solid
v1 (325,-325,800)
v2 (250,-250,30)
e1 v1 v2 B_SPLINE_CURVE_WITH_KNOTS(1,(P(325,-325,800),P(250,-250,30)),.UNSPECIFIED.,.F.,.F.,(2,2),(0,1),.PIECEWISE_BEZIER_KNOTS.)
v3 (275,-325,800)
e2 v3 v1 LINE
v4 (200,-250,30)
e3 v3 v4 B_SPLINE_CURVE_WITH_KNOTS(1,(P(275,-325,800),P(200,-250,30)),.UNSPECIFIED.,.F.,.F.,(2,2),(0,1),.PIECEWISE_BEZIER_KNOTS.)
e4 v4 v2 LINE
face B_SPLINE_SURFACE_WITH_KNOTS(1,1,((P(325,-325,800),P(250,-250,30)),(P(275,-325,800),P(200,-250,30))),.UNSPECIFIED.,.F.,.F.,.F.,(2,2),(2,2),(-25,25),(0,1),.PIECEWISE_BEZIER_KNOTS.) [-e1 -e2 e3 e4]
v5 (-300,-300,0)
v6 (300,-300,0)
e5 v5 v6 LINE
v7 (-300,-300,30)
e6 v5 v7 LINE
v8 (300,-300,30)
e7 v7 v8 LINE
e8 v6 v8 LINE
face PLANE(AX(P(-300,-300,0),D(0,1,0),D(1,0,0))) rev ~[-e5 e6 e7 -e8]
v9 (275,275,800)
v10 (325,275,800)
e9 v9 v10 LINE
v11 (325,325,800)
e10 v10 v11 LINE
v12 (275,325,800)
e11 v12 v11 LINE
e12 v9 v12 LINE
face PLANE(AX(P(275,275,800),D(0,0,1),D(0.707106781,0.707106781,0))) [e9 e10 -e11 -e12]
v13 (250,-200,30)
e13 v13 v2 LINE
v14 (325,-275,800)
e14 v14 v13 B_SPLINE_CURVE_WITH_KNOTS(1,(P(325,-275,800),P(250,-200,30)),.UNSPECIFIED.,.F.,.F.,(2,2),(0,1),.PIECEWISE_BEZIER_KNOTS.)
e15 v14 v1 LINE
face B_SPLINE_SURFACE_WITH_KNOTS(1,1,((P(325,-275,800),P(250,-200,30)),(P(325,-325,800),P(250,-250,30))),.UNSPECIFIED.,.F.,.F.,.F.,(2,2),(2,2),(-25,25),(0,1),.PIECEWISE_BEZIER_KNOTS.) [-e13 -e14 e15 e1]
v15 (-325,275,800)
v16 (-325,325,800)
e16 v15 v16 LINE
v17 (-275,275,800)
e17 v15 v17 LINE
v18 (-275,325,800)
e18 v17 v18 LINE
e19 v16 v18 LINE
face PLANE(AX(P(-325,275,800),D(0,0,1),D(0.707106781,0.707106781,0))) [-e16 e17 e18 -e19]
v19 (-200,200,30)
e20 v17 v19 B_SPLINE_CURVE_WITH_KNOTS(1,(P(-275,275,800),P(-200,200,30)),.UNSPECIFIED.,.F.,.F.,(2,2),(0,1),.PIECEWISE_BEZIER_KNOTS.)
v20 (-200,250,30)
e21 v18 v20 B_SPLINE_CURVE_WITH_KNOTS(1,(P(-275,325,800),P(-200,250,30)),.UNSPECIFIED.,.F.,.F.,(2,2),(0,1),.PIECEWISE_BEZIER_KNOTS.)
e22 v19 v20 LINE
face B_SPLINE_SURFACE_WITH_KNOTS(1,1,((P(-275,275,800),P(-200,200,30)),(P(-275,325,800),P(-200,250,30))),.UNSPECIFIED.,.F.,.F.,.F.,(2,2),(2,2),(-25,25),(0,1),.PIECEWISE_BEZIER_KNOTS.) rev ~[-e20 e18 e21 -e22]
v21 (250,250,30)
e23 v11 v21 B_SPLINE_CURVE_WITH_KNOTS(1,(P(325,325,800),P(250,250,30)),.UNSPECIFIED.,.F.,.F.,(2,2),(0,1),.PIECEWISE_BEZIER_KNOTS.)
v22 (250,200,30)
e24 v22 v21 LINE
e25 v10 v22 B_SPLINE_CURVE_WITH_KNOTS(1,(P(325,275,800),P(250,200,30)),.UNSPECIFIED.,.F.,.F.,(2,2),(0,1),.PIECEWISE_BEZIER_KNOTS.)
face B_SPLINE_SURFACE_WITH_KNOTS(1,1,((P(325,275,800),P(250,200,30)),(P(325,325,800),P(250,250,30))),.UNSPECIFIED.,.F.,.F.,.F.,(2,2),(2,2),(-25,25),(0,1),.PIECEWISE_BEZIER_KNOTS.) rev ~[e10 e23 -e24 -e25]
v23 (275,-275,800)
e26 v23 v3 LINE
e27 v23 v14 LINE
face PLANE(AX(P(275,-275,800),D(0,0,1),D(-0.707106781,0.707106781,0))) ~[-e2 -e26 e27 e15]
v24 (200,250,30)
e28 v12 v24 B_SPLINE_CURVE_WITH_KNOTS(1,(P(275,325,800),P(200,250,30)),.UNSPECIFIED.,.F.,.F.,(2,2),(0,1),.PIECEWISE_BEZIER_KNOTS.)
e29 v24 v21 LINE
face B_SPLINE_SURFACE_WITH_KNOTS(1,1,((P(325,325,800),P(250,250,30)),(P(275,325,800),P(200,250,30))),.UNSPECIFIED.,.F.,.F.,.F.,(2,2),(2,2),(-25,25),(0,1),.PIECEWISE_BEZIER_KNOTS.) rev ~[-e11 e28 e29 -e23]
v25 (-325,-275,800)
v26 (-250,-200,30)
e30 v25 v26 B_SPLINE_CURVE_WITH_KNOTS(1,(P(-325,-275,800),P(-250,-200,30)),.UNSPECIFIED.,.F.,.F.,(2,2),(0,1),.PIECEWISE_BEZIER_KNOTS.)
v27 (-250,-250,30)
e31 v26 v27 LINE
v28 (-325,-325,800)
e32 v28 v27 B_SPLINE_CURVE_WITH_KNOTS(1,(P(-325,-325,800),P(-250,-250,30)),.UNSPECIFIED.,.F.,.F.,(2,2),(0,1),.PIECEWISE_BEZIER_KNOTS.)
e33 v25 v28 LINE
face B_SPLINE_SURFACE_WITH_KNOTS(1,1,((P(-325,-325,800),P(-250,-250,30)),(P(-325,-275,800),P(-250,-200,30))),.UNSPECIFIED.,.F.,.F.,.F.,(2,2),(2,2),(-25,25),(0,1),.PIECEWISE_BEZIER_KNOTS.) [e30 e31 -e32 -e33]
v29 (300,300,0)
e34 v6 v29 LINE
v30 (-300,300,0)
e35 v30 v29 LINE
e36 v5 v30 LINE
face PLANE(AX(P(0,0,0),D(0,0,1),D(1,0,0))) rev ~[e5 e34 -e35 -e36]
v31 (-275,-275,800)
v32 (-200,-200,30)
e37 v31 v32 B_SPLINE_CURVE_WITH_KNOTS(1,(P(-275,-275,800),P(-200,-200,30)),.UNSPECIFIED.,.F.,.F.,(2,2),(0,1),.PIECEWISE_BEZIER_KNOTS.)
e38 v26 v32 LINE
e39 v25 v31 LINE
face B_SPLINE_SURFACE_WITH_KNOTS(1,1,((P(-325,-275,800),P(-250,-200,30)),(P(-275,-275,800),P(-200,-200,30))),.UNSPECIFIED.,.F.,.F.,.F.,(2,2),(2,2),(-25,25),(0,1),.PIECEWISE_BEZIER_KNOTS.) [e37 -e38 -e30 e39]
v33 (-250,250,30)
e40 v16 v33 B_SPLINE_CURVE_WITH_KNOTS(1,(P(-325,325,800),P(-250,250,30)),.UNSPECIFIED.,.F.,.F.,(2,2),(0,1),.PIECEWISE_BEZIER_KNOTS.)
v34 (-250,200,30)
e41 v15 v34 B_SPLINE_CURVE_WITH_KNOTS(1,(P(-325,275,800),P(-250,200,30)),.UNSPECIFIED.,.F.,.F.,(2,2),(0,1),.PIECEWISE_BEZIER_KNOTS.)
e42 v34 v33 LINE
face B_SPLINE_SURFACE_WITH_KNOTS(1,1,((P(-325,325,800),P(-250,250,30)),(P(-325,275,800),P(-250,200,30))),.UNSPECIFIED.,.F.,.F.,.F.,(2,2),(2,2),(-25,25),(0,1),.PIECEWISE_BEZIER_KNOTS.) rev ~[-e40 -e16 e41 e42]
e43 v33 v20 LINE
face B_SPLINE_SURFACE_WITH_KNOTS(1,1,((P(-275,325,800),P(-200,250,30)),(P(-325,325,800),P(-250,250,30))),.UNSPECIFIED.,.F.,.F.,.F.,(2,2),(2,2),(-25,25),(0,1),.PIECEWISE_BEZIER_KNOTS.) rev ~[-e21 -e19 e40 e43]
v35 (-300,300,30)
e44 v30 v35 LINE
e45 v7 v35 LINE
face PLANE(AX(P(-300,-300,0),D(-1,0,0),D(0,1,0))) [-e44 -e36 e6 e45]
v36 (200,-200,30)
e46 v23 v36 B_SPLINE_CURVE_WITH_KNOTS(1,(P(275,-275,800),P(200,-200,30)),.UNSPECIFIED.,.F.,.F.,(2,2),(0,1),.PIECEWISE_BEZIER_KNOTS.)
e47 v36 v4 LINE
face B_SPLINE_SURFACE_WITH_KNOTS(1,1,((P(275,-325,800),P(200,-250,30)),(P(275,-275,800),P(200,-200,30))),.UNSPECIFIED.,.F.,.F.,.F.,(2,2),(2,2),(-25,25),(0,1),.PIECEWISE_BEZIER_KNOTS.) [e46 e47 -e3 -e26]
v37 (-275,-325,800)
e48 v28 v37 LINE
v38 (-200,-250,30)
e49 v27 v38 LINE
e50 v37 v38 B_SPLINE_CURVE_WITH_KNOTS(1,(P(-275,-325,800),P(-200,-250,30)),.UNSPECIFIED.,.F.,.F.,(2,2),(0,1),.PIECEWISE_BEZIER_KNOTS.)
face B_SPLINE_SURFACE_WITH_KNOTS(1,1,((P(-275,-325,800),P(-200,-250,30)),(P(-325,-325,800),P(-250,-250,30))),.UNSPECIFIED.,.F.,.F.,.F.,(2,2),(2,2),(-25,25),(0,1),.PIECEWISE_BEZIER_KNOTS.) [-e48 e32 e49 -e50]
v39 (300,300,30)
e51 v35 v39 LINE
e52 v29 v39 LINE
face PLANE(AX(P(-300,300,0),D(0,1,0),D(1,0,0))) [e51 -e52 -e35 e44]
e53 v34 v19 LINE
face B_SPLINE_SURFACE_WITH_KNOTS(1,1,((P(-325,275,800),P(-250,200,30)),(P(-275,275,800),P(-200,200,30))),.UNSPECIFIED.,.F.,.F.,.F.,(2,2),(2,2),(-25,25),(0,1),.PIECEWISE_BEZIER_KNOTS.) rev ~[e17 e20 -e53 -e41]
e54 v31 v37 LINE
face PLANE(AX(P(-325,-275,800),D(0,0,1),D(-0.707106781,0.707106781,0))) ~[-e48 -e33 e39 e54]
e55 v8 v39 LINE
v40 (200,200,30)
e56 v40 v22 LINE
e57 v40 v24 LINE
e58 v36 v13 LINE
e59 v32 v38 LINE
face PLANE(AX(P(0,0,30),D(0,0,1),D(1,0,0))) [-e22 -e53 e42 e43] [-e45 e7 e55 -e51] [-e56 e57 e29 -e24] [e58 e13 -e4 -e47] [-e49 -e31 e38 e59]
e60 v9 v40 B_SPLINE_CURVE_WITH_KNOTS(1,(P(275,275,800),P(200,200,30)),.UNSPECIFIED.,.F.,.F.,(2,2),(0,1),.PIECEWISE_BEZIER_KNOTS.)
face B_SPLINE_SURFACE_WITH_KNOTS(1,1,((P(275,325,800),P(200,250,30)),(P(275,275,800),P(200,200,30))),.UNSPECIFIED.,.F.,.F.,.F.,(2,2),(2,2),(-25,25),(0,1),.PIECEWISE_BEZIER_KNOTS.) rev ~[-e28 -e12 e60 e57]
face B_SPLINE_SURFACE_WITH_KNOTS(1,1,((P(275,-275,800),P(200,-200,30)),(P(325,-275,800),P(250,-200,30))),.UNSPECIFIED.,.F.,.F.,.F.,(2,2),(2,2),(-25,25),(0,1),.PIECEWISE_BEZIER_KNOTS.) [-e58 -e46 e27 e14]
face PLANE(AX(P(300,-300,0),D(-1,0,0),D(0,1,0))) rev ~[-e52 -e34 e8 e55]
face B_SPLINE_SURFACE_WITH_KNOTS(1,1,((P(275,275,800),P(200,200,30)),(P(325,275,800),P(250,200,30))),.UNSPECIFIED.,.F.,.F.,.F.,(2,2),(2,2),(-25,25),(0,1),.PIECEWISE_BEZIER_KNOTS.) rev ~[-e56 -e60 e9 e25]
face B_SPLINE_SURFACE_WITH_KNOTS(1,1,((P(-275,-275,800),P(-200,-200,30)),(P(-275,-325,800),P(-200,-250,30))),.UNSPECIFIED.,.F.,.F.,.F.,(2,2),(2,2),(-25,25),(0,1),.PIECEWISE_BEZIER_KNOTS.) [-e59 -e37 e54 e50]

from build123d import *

# Parameters (mm, degrees)
F0_W     = 600
F0_H     = 600
F0_W_2   = 500
F0_H_2   = 500
F1_DEPTH = 30
F4_W     = 50
F4_H     = 50
F2_W     = 50
F2_H     = 50
F7_W     = 50
F7_H     = 50
F6_W     = 50
F6_H     = 50


with BuildPart() as f1:
    # F0 (on Top) → F1 (new body)
    with BuildSketch(Plane.XY):
        Rectangle(F0_W, F0_H)
        Rectangle(F0_W_2, F0_H_2, mode=Mode.SUBTRACT)
        Rectangle(F0_W_2, F0_H_2)
    extrude(amount=F1_DEPTH)

    # F4 (on offset) → F5 section 0
    with BuildSketch(Plane.XY.offset(800)):
        with Locations((-300, 300)):
            Rectangle(F4_W, F4_H)
    # F2 (on face) → F5 section 1
    with BuildSketch(Plane.XY.offset(30)):
        with Locations((-225, 225)):
            Rectangle(F2_W, F2_H)
    loft()

    # F7 (on offset) → F8 section 0
    with BuildSketch(Plane.XY.offset(800)):
        with Locations((300, 300)):
            Rectangle(F7_W, F7_H)
    # F6 (on face) → F8 section 1
    with BuildSketch(Plane.XY.offset(30)):
        with Locations((225, 225)):
            Rectangle(F6_W, F6_H)
    loft()

    # F9: F1 across plane


with BuildPart() as f1_1:
    add(f1.part)
    add(f1.part.mirror(Plane.XZ))


solid = f1_1.part
